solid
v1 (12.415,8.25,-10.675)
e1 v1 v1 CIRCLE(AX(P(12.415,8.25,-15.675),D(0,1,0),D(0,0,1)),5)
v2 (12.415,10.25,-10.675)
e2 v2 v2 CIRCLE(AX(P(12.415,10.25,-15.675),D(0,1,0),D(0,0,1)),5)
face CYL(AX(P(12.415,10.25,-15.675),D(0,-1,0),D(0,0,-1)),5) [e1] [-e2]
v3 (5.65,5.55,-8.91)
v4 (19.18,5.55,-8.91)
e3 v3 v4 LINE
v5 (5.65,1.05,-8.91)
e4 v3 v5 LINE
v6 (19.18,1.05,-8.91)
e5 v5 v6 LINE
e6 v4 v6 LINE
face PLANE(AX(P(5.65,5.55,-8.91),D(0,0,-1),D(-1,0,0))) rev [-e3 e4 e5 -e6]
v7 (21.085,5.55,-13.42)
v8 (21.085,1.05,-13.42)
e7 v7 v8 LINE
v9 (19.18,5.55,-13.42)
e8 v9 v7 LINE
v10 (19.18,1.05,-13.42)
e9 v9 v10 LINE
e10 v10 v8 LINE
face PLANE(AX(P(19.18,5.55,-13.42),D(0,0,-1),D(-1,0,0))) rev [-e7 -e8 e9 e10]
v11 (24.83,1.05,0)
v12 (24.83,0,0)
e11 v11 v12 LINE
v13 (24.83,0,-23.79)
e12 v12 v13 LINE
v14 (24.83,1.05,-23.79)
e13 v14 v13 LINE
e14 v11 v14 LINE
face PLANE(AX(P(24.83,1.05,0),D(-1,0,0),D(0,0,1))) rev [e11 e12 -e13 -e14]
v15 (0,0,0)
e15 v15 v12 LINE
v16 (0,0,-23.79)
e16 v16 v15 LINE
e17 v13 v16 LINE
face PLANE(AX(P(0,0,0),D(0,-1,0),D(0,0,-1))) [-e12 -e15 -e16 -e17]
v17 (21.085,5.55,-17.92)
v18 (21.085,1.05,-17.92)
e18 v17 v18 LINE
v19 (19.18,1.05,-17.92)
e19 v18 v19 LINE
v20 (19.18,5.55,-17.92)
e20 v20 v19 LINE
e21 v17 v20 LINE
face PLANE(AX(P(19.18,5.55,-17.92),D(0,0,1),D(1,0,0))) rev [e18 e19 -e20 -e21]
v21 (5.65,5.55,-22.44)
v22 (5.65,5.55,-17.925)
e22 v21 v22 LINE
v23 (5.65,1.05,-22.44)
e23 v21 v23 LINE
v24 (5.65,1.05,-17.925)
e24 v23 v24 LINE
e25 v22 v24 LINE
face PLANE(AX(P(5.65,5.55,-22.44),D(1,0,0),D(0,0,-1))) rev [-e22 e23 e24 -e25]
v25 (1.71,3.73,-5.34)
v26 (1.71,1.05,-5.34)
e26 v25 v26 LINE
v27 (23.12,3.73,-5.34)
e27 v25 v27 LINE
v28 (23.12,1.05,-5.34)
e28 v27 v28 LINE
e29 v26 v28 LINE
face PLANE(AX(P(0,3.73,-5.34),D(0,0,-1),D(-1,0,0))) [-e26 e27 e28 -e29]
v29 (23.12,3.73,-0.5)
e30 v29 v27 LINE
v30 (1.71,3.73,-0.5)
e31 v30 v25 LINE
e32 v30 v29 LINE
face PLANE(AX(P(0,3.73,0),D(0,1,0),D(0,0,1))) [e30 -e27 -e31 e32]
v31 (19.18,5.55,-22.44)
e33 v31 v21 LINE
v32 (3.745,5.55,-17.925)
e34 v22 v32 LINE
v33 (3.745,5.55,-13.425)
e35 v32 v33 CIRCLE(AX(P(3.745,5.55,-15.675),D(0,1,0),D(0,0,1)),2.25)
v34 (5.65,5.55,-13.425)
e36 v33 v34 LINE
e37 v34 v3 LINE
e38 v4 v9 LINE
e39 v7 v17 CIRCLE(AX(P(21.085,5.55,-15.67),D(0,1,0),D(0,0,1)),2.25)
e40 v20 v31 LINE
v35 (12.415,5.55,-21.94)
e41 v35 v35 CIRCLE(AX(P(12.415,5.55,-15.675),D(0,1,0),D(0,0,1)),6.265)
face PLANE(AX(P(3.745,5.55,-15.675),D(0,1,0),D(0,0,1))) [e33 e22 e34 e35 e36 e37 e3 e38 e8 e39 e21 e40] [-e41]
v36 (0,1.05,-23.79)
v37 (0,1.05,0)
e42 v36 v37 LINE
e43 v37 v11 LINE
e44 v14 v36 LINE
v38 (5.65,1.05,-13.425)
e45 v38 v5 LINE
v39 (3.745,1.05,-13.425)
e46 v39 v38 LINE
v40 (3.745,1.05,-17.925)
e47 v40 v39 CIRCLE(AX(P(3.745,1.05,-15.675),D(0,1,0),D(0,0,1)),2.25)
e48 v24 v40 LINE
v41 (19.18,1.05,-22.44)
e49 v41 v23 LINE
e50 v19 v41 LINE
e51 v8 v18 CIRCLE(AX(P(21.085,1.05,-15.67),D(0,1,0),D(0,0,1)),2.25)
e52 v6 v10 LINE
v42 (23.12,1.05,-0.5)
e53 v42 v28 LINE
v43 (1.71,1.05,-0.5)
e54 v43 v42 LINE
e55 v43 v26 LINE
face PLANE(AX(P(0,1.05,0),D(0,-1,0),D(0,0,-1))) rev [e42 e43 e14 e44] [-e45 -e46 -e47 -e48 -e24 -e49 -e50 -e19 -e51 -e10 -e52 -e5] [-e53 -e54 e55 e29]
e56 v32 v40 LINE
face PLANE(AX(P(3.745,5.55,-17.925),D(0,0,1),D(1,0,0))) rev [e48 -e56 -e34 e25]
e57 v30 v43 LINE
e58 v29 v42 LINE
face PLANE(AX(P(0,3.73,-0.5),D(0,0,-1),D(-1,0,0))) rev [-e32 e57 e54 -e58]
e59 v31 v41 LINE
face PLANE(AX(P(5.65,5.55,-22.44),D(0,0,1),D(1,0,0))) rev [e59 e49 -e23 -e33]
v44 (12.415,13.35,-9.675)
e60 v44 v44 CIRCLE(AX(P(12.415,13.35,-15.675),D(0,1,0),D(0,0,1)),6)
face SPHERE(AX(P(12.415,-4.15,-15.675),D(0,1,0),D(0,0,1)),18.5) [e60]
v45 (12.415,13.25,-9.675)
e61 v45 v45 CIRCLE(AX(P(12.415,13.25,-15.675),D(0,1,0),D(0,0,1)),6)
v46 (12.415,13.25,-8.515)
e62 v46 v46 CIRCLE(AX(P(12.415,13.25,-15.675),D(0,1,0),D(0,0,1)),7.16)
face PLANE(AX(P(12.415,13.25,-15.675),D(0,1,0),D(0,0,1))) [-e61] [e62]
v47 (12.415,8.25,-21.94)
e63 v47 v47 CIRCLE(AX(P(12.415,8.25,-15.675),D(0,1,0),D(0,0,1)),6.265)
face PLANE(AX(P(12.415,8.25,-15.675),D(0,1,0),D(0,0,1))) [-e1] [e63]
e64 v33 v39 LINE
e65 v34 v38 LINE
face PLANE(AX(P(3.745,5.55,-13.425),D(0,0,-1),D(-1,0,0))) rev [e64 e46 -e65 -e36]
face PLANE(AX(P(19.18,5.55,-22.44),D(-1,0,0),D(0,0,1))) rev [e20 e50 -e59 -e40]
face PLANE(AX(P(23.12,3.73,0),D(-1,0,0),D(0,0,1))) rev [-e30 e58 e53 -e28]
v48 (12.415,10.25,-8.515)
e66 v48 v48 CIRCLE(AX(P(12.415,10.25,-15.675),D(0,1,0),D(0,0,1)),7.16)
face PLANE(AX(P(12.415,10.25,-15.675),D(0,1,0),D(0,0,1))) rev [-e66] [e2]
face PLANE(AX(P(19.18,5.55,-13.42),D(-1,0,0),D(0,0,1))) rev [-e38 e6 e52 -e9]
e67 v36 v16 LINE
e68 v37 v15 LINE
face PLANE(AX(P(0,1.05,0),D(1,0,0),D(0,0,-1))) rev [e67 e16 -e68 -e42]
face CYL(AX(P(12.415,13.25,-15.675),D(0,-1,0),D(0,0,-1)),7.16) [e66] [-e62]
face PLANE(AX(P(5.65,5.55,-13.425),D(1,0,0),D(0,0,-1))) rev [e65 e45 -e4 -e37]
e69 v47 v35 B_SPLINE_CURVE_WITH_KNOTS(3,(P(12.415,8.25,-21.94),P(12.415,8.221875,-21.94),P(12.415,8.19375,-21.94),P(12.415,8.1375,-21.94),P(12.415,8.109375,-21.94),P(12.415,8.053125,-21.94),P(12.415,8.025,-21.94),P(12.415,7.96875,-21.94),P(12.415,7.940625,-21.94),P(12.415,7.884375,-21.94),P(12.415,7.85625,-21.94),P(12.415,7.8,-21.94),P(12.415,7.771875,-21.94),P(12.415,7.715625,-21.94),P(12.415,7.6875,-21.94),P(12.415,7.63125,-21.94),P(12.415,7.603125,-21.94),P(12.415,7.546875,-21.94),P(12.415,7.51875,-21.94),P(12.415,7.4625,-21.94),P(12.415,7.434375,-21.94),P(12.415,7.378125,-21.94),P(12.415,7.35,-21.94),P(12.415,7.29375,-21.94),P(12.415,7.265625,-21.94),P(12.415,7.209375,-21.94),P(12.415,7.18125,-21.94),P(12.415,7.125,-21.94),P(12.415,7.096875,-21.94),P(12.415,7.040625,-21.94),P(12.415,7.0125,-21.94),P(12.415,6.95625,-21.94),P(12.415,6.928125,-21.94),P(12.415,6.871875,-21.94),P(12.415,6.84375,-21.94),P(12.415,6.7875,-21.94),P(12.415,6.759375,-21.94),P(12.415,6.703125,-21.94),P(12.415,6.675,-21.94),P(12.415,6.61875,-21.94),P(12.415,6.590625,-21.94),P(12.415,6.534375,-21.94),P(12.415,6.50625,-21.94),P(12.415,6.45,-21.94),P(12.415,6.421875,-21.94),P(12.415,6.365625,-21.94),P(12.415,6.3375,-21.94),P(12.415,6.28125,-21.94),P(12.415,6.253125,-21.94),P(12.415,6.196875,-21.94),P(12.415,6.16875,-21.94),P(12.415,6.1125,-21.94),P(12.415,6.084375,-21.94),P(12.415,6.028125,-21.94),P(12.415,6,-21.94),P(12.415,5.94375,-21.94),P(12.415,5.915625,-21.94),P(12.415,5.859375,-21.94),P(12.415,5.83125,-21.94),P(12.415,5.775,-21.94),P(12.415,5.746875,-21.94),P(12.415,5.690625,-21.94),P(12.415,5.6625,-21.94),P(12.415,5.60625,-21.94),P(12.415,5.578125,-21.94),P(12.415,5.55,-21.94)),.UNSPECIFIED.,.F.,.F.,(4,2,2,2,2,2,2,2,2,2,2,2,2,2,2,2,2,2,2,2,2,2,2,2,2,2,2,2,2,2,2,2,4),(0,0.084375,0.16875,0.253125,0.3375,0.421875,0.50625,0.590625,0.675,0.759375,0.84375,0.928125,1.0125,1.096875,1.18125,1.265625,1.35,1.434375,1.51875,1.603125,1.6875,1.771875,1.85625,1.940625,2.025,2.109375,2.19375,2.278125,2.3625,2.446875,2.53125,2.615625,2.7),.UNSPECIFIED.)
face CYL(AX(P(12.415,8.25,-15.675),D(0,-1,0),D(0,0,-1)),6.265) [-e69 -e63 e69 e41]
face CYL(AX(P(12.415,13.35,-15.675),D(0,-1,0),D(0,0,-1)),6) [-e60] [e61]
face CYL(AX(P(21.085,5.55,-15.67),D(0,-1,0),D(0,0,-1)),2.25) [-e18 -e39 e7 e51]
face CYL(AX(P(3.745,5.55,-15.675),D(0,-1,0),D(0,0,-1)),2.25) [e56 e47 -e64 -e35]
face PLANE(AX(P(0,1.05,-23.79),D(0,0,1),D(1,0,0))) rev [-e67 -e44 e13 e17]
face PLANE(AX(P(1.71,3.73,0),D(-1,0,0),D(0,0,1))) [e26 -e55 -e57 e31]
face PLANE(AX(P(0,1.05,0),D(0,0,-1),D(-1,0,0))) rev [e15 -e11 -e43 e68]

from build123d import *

# Parameters (mm, degrees)
SKETCH1_W           = 24.83
SKETCH1_H           = 23.79
BOSS_EXTRUDE1_DEPTH = 1.05
BOSS_EXTRUDE2_DEPTH = 4.5
SKETCH3_W           = 21.41
SKETCH3_H           = 4.84
BOSS_EXTRUDE3_DEPTH = 2.68
SKETCH4_R           = 6.265
BOSS_EXTRUDE4_DEPTH = 2.7
SKETCH5_R           = 5
BOSS_EXTRUDE5_DEPTH = 2
SKETCH6_R           = 7.16
BOSS_EXTRUDE6_DEPTH = 3
SKETCH7_R           = 6
BOSS_EXTRUDE7_DEPTH = 0.1
DOME2_FACE_RADIUS   = 6
DOME2_HEIGHT        = 1


with BuildPart() as part:
    # Sketch1 → Boss-Extrude1 (new body)
    with BuildSketch(Plane(origin=(0, 0, 0), x_dir=(1, 0, 0), z_dir=(0, 1, 0))):
        with Locations((12.415, 11.895)):
            Rectangle(SKETCH1_W, SKETCH1_H)
    extrude(amount=BOSS_EXTRUDE1_DEPTH)

    # Sketch2 → Boss-Extrude2 (add)
    with BuildSketch(Plane(origin=(0, 1.05, 0), x_dir=(1, 0, 0), z_dir=(0, 1, 0))):
        with BuildLine():
            Line((3.745, 17.925), (5.65, 17.925))
            Line((5.65, 17.925), (5.65, 22.44))
            Line((5.65, 22.44), (19.18, 22.44))
            Line((19.18, 22.44), (19.18, 17.92))
            Line((19.18, 17.92), (21.085, 17.92))
            ThreePointArc((21.085, 17.92), (23.335, 15.67), (21.085, 13.42))
            Line((21.085, 13.42), (19.18, 13.42))
            Line((19.18, 13.42), (19.18, 8.91))
            Line((19.18, 8.91), (5.65, 8.91))
            Line((5.65, 8.91), (5.65, 13.425))
            Line((5.65, 13.425), (3.745, 13.425))
            ThreePointArc((3.745, 13.425), (1.495, 15.675), (3.745, 17.925))
        make_face()
    extrude(amount=BOSS_EXTRUDE2_DEPTH)

    # Sketch3 → Boss-Extrude3 (add)
    with BuildSketch(Plane(origin=(0, 1.05, 0), x_dir=(1, 0, 0), z_dir=(0, 1, 0))):
        with Locations((12.415, 2.92)):
            Rectangle(SKETCH3_W, SKETCH3_H)
    extrude(amount=BOSS_EXTRUDE3_DEPTH)

    # Sketch4 → Boss-Extrude4 (add)
    with BuildSketch(Plane(origin=(0, 5.55, 0), x_dir=(1, 0, 0), z_dir=(0, 1, 0))):
        with Locations(Location((12.415, 15.675, 0), (0, 0, 90))):
            Circle(SKETCH4_R)
    extrude(amount=BOSS_EXTRUDE4_DEPTH)

    # Sketch5 → Boss-Extrude5 (add)
    with BuildSketch(Plane(origin=(0, 8.25, 0), x_dir=(1, 0, 0), z_dir=(0, 1, 0))):
        with Locations(Location((12.415, 15.675, 0), (0, 0, 270))):
            Circle(SKETCH5_R)
    extrude(amount=BOSS_EXTRUDE5_DEPTH)

    # Sketch6 → Boss-Extrude6 (add)
    with BuildSketch(Plane(origin=(0, 10.25, 0), x_dir=(1, 0, 0), z_dir=(0, 1, 0))):
        with Locations(Location((12.415, 15.675, 0), (0, 0, 270))):
            Circle(SKETCH6_R)
    extrude(amount=BOSS_EXTRUDE6_DEPTH)

    # Sketch7 → Boss-Extrude7 (add)
    with BuildSketch(Plane(origin=(0, 13.25, 0), x_dir=(1, 0, 0), z_dir=(0, 1, 0))):
        with Locations(Location((12.415, 15.675, 0), (0, 0, 270))):
            Circle(SKETCH7_R)
    extrude(amount=BOSS_EXTRUDE7_DEPTH)

    # Dome2: a dome of height H over a round flat face of radius A is a cap of a sphere of radius (A * A + H * H) / (2 * H)
    dome2_r = (DOME2_FACE_RADIUS * DOME2_FACE_RADIUS + DOME2_HEIGHT * DOME2_HEIGHT) / (2 * DOME2_HEIGHT)
    dome2_base = Plane((12.415, 13.35, -15.675), z_dir=(0, 1, 0))
    with Locations(dome2_base.offset(DOME2_HEIGHT - dome2_r)):
        dome2_ball = Sphere(dome2_r, mode=Mode.PRIVATE)
    add(split(dome2_ball, bisect_by=dome2_base, keep=Keep.TOP, mode=Mode.PRIVATE))


solid = part.part
